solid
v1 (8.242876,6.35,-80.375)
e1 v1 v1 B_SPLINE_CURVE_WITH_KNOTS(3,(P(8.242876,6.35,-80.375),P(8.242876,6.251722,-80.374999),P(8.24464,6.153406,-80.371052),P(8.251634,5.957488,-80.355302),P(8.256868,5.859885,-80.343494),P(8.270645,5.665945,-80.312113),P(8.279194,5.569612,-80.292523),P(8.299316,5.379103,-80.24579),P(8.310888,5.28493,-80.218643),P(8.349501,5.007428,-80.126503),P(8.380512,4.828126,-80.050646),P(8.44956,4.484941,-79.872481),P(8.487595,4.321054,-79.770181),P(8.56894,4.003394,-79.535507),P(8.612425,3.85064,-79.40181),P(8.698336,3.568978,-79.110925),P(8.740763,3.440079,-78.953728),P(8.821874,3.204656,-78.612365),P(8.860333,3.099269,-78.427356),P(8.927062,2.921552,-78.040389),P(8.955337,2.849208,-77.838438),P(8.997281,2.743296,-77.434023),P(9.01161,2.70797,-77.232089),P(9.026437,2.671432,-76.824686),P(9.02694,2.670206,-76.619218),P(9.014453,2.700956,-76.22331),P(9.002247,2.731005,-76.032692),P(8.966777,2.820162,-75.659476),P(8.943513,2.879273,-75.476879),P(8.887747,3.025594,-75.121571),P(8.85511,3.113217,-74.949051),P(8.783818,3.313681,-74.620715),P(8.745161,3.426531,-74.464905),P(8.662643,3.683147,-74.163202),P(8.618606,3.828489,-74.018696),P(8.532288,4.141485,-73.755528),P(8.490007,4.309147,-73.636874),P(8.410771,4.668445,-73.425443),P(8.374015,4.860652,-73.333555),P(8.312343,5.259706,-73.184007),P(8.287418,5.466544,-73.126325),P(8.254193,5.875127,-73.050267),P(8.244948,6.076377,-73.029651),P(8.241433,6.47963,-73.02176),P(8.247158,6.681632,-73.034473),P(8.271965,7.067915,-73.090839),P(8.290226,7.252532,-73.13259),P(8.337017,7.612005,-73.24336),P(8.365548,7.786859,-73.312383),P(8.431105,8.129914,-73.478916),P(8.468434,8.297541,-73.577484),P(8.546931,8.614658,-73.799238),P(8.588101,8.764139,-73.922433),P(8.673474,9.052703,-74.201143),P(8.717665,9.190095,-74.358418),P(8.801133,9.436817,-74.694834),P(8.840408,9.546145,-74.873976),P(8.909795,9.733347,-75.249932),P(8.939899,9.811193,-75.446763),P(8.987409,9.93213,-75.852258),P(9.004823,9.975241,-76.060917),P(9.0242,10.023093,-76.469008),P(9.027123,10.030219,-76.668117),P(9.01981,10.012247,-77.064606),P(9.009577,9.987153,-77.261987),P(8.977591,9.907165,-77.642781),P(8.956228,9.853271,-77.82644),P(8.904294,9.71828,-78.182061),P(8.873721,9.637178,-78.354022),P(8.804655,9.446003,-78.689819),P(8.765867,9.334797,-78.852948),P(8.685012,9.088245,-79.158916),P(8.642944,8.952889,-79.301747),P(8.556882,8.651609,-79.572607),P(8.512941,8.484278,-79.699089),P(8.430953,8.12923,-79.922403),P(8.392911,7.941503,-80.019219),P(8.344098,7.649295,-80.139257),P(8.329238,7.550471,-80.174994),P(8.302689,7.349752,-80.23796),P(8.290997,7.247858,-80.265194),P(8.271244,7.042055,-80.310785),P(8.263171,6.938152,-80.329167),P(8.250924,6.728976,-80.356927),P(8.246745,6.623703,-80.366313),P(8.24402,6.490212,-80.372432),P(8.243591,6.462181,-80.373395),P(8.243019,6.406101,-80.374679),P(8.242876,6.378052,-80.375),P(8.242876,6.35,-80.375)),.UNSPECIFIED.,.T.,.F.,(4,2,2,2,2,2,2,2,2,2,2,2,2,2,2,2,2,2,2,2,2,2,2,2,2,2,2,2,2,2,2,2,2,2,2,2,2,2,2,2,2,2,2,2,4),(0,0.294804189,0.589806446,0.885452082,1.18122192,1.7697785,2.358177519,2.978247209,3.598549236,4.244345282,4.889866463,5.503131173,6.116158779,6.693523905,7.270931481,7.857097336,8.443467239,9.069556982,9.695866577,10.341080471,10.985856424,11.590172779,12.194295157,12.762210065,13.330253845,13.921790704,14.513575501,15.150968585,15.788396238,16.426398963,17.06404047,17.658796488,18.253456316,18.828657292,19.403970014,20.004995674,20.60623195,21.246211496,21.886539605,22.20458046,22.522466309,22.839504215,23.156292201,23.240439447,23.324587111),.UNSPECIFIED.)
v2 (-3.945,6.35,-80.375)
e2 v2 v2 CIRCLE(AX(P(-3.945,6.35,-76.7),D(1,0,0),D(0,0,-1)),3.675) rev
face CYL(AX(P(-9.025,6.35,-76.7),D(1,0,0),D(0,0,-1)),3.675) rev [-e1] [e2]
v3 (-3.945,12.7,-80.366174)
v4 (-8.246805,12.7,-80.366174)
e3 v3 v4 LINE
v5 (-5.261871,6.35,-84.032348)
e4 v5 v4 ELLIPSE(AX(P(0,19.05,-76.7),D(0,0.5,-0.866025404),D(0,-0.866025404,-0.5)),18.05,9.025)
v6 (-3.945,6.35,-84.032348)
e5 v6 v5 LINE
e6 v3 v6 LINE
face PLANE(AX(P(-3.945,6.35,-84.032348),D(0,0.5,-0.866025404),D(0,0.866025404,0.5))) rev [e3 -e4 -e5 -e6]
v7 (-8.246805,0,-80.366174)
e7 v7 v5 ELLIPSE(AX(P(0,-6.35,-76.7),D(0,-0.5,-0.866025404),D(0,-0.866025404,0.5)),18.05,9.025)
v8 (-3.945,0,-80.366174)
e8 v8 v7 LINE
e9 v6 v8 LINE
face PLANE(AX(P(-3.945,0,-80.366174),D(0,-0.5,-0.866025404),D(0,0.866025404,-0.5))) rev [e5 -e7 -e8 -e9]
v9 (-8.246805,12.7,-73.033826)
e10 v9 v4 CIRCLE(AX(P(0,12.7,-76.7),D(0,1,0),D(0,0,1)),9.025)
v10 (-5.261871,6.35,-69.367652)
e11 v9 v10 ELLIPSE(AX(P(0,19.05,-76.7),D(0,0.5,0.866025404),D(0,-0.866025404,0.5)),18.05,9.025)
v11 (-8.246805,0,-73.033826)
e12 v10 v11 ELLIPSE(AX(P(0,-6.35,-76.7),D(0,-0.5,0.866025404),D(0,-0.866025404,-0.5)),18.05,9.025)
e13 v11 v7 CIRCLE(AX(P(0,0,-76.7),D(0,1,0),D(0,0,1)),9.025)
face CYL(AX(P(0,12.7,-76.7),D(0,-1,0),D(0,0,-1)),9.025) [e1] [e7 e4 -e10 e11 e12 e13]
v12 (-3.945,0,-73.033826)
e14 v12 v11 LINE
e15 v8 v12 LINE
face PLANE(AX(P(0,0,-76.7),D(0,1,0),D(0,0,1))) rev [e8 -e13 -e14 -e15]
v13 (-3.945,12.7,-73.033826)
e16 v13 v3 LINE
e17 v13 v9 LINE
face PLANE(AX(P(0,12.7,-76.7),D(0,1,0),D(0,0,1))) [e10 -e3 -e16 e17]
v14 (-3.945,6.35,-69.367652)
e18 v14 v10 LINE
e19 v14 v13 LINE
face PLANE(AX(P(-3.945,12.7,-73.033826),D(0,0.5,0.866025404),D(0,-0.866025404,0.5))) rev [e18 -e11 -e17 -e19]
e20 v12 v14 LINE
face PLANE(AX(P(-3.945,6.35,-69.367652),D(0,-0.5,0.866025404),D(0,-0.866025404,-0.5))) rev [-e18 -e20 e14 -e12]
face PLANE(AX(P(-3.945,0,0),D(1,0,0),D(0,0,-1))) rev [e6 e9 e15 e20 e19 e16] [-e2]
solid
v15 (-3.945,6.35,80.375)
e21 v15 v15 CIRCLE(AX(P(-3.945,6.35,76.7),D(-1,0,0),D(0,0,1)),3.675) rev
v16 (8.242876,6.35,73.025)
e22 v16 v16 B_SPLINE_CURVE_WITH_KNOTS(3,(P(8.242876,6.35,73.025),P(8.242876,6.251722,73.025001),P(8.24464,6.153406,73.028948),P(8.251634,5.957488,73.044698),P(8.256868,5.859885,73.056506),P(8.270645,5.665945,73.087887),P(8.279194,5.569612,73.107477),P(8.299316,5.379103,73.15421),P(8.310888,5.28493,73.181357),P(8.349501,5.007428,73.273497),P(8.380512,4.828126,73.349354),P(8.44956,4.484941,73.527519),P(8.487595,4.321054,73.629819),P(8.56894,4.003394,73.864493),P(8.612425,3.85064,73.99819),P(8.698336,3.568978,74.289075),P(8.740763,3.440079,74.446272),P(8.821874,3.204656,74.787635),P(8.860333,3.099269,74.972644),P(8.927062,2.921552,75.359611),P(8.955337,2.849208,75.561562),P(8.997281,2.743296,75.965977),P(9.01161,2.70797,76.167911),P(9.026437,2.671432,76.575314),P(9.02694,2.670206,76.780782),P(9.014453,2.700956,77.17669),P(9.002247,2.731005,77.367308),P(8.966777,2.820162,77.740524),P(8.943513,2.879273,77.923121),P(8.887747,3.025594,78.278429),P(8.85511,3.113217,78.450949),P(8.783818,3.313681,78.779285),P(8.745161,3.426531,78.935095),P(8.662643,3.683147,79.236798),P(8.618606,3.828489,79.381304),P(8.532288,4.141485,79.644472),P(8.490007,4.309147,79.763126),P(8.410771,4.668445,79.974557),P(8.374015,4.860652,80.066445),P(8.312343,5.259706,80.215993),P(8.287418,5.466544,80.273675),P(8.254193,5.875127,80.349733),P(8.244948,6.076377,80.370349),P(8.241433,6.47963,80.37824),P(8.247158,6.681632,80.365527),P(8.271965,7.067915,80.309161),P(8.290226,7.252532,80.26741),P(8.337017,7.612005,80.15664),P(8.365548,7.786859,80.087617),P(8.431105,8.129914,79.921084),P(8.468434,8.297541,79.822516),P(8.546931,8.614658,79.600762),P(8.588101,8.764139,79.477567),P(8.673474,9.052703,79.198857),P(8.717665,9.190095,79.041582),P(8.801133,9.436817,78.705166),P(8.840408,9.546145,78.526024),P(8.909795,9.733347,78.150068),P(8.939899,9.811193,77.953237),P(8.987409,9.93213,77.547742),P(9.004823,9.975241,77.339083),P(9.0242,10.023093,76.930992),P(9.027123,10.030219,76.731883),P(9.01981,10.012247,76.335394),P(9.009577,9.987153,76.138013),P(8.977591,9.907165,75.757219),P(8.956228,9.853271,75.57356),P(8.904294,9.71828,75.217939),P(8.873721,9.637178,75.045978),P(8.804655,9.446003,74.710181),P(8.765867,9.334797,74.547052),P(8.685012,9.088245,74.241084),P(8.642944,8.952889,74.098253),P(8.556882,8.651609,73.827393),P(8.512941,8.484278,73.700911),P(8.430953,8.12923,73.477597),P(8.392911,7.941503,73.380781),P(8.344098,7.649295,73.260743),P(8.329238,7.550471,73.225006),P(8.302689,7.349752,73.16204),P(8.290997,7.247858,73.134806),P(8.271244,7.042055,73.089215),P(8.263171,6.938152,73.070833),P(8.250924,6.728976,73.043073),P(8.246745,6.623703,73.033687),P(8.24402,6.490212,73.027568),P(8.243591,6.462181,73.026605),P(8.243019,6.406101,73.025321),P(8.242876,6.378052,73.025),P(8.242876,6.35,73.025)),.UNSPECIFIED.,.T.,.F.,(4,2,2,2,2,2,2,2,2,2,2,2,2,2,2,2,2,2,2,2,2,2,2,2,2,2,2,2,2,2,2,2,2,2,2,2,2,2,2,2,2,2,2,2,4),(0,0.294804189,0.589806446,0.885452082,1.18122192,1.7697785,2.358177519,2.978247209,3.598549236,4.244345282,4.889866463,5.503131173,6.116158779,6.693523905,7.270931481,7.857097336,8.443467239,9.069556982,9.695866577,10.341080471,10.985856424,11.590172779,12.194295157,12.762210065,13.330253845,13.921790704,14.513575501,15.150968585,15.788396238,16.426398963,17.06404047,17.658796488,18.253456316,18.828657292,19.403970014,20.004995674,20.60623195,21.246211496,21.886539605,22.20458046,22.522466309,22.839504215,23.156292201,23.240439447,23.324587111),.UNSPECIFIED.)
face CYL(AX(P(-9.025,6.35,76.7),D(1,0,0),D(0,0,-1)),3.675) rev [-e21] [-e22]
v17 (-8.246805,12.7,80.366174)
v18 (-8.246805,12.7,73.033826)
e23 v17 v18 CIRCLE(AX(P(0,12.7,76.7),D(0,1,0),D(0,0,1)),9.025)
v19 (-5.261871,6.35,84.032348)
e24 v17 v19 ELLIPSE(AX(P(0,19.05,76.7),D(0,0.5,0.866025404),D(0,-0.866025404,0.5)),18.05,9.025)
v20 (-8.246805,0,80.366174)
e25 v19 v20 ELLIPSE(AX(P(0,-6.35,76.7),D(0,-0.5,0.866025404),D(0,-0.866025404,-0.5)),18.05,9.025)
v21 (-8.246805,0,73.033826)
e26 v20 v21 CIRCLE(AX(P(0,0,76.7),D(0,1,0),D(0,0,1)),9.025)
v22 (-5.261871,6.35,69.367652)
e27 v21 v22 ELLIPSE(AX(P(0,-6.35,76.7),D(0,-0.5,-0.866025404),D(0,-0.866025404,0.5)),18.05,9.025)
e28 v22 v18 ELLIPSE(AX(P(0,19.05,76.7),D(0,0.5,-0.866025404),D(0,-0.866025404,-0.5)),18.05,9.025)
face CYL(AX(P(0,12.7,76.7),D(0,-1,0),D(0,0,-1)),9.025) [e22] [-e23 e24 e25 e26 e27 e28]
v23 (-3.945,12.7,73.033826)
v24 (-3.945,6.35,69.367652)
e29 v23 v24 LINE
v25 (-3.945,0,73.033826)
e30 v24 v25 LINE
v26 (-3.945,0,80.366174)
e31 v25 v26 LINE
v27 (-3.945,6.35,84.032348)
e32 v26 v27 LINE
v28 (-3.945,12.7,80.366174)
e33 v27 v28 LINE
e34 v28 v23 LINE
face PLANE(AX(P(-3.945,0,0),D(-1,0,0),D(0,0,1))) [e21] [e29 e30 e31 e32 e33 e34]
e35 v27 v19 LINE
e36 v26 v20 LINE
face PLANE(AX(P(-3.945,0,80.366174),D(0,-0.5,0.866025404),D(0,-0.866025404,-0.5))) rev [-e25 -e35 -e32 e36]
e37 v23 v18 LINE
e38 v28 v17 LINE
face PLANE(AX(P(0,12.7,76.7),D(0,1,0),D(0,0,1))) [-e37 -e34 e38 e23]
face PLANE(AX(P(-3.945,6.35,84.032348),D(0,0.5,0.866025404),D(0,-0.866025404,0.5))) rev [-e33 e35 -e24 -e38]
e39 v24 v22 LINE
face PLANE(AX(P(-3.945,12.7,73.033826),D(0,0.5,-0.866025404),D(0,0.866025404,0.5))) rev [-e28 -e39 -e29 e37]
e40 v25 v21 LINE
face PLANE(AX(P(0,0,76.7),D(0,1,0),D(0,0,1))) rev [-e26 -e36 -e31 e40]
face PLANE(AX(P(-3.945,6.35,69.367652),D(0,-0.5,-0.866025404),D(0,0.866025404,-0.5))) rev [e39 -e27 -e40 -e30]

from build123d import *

# Parameters (mm, degrees)
SKETCH1_R               = 9.025
BOSS_EXTRUDE1_DEPTH     = 12.7
BOSS_EXTRUDE1_2_DEPTH   = 12.7
CUT_EXTRUDE1_DEPTH      = 88.129307641
CUT_EXTRUDE1_DEPTH_BACK = 88.129307641
SKETCH2_R               = 3.675
CUT_EXTRUDE2_DEPTH      = 5.08


with BuildPart() as part:
    # Sketch1 → Boss-Extrude1 (new body)
    with BuildSketch(Plane(origin=(0, 0, 0), x_dir=(1, 0, 0), z_dir=(0, 1, 0))):
        with Locations(Location((0, 76.7, 0), (0, 0, 270))):
            Circle(SKETCH1_R)
    extrude(amount=BOSS_EXTRUDE1_DEPTH)


with BuildPart() as body_2:
    # Sketch1 → Boss-Extrude1 2 (new body)
    with BuildSketch(Plane(origin=(0, 0, 0), x_dir=(1, 0, 0), z_dir=(0, 1, 0))):
        with Locations(Location((0, -76.7, 0), (0, 0, 270))):
            Circle(SKETCH1_R)
    extrude(amount=BOSS_EXTRUDE1_2_DEPTH)


with BuildPart() as cut_extrude1_tool:
    # Sketch2 → Cut-Extrude1 (new, two sides: drawn at the far end of the back side and taken through both)
    with BuildSketch(Plane(origin=(0, 0, 0), x_dir=(0, 0, -1), z_dir=(1, 0, 0)).offset(-CUT_EXTRUDE1_DEPTH_BACK)):
        with Locations((-76.7, 6.35)):
            Circle(SKETCH2_R)
        with Locations((76.7, 6.35)):
            Circle(SKETCH2_R)
    extrude(amount=CUT_EXTRUDE1_DEPTH + CUT_EXTRUDE1_DEPTH_BACK)


with BuildPart() as part_1:
    add(part.part)

    # Cut-Extrude1: cut by cut_extrude1_tool
    add(cut_extrude1_tool.part, mode=Mode.SUBTRACT)


with BuildPart() as body_2_1:
    add(body_2.part)

    # Cut-Extrude1: cut by cut_extrude1_tool
    add(cut_extrude1_tool.part, mode=Mode.SUBTRACT)


with BuildPart() as cut_extrude2_tool:
    # Sketch3 → Cut-Extrude2 (new body)
    with BuildSketch(Plane.ZY.offset(9.025)):
        Polygon((80.366174209, 0), (84.032348419, 6.35), (80.366174209, 12.7), (73.033825791, 12.7), (69.367651581, 6.35), (73.033825791, 0), align=None)
        Polygon((-73.033825791, 0), (-80.366174209, 0), (-84.032348419, 6.35), (-80.366174209, 12.7), (-73.033825791, 12.7), (-69.367651581, 6.35), align=None)
    extrude(amount=-CUT_EXTRUDE2_DEPTH)


with BuildPart() as part_2:
    add(part_1.part)

    # Cut-Extrude2: cut by cut_extrude2_tool
    add(cut_extrude2_tool.part, mode=Mode.SUBTRACT)


with BuildPart() as body_2_2:
    add(body_2_1.part)

    # Cut-Extrude2: cut by cut_extrude2_tool
    add(cut_extrude2_tool.part, mode=Mode.SUBTRACT)


solid = Compound([part_2.part, body_2_2.part])
